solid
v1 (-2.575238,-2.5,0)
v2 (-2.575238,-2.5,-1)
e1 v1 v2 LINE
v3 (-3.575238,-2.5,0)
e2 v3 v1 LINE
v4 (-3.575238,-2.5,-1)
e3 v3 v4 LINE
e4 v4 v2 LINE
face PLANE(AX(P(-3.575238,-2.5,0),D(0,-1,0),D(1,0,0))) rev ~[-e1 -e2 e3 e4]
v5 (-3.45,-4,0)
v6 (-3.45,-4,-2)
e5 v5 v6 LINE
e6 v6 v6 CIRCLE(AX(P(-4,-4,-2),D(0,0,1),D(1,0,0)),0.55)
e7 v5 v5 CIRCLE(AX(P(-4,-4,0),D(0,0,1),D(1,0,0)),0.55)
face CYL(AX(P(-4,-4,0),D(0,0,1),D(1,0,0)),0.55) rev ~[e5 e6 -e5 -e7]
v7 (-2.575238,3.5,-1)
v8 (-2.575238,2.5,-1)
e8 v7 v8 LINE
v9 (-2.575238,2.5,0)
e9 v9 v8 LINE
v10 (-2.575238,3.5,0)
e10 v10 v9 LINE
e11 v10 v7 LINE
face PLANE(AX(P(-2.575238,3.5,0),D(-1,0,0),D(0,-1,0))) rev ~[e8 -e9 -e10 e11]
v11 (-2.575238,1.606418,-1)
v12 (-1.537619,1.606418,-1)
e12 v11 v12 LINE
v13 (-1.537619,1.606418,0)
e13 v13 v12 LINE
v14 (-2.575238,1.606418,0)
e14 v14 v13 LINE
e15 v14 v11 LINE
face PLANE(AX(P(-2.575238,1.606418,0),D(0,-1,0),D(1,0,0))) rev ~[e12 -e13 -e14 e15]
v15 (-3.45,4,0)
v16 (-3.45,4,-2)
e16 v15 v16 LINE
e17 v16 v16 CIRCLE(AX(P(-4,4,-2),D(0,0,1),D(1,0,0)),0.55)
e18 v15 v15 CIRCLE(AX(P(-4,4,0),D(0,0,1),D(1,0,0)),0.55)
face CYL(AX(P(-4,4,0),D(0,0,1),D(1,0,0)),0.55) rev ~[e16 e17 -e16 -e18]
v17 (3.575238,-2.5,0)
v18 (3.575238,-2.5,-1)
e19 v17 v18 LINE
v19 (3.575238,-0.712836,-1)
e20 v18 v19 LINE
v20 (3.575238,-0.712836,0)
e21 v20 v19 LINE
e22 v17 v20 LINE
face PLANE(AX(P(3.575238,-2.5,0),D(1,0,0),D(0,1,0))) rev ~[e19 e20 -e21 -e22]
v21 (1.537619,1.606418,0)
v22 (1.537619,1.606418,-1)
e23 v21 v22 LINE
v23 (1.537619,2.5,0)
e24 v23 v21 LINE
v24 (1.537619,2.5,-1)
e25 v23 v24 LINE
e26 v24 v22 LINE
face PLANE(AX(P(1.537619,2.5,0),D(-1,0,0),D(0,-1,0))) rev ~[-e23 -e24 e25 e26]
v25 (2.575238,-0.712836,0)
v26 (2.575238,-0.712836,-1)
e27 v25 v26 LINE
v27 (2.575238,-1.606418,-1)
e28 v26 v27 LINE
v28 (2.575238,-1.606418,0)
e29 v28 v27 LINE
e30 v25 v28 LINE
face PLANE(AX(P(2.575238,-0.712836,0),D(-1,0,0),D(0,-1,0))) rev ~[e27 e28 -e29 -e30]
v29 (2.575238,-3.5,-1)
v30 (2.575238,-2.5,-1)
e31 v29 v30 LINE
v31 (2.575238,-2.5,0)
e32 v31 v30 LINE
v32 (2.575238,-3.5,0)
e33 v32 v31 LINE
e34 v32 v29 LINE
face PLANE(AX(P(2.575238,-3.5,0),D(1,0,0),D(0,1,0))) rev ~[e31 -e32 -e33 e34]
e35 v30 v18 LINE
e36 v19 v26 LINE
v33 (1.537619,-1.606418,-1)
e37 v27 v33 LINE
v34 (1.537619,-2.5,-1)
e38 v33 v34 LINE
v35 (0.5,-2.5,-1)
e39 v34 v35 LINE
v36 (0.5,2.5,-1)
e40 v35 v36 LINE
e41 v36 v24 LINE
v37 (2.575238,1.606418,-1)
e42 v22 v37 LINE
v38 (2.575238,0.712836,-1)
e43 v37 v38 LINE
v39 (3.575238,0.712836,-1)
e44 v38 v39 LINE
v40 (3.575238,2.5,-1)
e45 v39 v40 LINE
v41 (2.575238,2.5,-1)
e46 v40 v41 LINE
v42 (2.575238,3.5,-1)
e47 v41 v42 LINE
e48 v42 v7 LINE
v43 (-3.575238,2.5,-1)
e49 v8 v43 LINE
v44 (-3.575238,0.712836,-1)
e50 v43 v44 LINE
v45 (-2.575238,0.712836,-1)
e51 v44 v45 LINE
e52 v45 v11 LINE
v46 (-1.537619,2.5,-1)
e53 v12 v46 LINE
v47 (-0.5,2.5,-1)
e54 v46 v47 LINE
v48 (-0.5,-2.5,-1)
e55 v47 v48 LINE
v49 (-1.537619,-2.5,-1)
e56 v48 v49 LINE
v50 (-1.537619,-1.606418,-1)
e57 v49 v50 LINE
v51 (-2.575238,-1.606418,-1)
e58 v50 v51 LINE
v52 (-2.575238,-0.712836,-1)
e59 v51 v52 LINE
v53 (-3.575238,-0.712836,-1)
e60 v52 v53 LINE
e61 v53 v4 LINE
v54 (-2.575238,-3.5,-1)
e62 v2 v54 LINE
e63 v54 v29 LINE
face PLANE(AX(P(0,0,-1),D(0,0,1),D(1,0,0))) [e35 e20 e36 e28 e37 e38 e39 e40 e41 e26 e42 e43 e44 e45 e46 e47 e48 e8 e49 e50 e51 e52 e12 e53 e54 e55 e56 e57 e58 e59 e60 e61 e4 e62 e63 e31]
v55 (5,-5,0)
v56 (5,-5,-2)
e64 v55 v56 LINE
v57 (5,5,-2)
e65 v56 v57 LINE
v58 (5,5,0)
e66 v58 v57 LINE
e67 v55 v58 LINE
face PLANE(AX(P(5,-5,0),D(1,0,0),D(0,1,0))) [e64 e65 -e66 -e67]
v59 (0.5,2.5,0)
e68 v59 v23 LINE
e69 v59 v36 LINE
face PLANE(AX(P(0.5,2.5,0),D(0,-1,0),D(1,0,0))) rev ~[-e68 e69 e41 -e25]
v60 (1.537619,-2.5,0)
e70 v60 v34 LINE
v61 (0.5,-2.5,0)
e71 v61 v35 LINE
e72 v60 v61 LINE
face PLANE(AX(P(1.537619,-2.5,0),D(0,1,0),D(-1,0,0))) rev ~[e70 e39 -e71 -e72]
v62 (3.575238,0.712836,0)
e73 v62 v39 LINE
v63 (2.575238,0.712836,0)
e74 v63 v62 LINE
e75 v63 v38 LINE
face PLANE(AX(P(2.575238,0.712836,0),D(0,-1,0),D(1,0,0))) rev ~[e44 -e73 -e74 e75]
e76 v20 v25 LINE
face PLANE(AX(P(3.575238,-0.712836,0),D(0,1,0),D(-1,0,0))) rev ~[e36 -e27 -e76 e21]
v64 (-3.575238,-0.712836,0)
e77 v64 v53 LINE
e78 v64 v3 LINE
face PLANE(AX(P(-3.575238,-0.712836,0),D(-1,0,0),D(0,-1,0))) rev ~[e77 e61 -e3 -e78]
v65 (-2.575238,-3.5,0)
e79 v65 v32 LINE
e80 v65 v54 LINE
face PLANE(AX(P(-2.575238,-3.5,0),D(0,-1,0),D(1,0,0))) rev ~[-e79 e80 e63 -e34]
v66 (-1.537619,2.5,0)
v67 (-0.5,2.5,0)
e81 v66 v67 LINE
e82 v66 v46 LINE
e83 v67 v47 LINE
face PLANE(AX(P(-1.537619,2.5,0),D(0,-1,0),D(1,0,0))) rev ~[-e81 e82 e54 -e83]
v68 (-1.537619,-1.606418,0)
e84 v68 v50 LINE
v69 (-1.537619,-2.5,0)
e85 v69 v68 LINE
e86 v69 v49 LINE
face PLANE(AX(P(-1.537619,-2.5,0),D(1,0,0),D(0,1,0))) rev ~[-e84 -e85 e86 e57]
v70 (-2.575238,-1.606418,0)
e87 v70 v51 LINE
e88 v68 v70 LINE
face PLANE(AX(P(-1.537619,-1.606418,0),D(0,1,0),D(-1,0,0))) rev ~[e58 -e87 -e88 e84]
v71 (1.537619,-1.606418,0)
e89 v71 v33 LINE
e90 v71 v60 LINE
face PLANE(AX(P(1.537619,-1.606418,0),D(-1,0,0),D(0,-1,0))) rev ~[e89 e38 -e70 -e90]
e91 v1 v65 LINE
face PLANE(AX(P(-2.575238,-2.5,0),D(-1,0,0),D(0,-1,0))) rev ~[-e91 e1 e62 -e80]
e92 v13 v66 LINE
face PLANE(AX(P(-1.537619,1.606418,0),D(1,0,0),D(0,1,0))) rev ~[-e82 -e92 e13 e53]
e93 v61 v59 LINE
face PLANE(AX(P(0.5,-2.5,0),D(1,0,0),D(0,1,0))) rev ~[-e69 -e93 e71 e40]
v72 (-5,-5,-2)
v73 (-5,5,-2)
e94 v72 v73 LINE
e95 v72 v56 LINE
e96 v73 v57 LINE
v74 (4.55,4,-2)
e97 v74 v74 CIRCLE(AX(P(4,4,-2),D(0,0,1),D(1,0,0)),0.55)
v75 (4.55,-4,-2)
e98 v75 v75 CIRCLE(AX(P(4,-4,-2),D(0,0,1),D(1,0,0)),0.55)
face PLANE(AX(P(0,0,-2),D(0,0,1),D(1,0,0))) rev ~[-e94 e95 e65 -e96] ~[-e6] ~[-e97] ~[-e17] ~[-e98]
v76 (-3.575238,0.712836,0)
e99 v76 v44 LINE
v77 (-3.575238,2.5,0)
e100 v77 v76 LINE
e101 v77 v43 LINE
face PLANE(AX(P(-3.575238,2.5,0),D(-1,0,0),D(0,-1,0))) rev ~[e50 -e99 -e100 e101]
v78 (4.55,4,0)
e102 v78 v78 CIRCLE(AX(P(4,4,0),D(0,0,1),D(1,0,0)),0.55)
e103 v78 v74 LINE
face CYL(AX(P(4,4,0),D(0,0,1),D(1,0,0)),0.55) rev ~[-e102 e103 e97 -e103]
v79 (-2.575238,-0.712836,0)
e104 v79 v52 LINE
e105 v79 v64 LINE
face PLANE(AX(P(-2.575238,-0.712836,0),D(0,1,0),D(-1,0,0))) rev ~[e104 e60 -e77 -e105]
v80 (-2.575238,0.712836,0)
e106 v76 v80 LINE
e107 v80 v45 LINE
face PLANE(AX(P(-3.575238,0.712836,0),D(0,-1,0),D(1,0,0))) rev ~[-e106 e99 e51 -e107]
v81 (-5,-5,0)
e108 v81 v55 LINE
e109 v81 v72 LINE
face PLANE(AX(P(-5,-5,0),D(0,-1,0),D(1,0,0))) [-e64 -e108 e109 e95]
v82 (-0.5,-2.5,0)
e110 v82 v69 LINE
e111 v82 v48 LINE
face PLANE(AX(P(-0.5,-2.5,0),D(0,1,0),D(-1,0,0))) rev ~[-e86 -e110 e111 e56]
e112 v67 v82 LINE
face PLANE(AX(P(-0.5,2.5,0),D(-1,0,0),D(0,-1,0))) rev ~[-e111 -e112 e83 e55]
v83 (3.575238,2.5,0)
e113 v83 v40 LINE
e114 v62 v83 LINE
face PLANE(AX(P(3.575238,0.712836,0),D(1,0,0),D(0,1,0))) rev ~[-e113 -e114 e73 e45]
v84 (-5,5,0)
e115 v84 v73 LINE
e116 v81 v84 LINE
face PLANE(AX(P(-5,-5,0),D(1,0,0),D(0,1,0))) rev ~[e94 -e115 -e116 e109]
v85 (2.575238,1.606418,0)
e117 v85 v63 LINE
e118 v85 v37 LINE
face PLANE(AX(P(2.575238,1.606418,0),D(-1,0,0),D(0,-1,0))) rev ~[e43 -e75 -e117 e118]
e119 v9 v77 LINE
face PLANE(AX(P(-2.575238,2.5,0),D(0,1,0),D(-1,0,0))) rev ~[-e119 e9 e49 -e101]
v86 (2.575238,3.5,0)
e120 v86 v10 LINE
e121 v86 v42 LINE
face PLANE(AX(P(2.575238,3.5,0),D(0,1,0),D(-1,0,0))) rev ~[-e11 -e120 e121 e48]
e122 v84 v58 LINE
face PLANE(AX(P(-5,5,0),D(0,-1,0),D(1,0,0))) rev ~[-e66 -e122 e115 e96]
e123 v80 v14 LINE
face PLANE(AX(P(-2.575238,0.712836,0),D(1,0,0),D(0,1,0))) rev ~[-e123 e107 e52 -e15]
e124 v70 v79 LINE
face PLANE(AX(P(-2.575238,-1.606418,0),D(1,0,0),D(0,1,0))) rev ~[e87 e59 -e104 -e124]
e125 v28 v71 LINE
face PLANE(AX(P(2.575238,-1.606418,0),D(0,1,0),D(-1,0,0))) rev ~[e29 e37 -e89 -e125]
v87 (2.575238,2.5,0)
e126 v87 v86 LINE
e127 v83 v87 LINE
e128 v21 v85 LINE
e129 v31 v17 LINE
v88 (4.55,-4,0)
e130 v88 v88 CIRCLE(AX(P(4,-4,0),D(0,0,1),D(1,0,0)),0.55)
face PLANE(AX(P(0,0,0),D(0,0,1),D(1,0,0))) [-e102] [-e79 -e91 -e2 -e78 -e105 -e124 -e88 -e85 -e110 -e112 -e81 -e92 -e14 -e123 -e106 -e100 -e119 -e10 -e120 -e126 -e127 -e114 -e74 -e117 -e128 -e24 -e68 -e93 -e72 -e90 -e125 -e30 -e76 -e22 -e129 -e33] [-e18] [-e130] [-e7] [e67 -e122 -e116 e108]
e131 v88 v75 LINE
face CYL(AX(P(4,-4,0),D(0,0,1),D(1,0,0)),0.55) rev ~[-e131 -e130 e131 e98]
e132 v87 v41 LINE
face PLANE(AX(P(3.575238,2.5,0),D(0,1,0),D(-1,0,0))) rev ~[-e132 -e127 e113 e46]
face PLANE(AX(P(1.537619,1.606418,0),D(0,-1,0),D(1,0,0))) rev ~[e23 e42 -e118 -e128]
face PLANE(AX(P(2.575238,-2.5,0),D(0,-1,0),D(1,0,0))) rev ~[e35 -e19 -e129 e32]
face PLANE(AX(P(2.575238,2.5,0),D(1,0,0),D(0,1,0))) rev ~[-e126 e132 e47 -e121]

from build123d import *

# Parameters (mm, degrees)
F0_W     = 10
F0_H     = 10
F0_R     = 0.55
F1_DEPTH = 2
F2_DEPTH = 1


with BuildPart() as f1:
    # F0 (on Top) → F1 (new body)
    with BuildSketch(Plane.XY):
        Rectangle(F0_W, F0_H)
        with Locations((-4, -4)):
            Circle(F0_R, mode=Mode.SUBTRACT)
        with Locations((4, -4)):
            Circle(F0_R, mode=Mode.SUBTRACT)
        with Locations((-4, 4)):
            Circle(F0_R, mode=Mode.SUBTRACT)
        Polygon((0.5, 2.5), (0.5, 0.5), (0.5, -0.5), (0.5, -2.5), (1.537619, -2.5), (1.537619, -1.606418), (2.575238, -1.606418), (2.575238, -0.712836), (3.575238, -0.712836), (3.575238, -2.5), (2.575238, -2.5), (2.575238, -3.5), (0.5, -3.5), (-0.5, -3.5), (-2.575238, -3.5), (-2.575238, -2.5), (-3.575238, -2.5), (-3.575238, -0.712836), (-2.575238, -0.712836), (-2.575238, -1.606418), (-1.537619, -1.606418), (-1.537619, -2.5), (-0.5, -2.5), (-0.5, -0.5), (-0.5, 0.5), (-0.5, 2.5), (-1.537619, 2.5), (-1.537619, 1.606418), (-2.575238, 1.606418), (-2.575238, 0.712836), (-3.575238, 0.712836), (-3.575238, 2.5), (-2.575238, 2.5), (-2.575238, 3.5), (-0.5, 3.5), (0.5, 3.5), (2.575238, 3.5), (2.575238, 2.5), (3.575238, 2.5), (3.575238, 0.712836), (2.575238, 0.712836), (2.575238, 1.606418), (1.537619, 1.606418), (1.537619, 2.5), align=None, mode=Mode.SUBTRACT)
        with Locations((4, 4)):
            Circle(F0_R, mode=Mode.SUBTRACT)
        Polygon((0.5, -0.5), (0.5, 0.5), (0.5, 2.5), (1.537619, 2.5), (1.537619, 1.606418), (2.575238, 1.606418), (2.575238, 0.712836), (3.575238, 0.712836), (3.575238, 2.5), (2.575238, 2.5), (2.575238, 3.5), (0.5, 3.5), (-0.5, 3.5), (-2.575238, 3.5), (-2.575238, 2.5), (-3.575238, 2.5), (-3.575238, 0.712836), (-2.575238, 0.712836), (-2.575238, 1.606418), (-1.537619, 1.606418), (-1.537619, 2.5), (-0.5, 2.5), (-0.5, 0.5), (-0.5, -0.5), (-0.5, -2.5), (-1.537619, -2.5), (-1.537619, -1.606418), (-2.575238, -1.606418), (-2.575238, -0.712836), (-3.575238, -0.712836), (-3.575238, -2.5), (-2.575238, -2.5), (-2.575238, -3.5), (-0.5, -3.5), (0.5, -3.5), (2.575238, -3.5), (2.575238, -2.5), (3.575238, -2.5), (3.575238, -0.712836), (2.575238, -0.712836), (2.575238, -1.606418), (1.537619, -1.606418), (1.537619, -2.5), (0.5, -2.5), align=None)
    extrude(amount=-F1_DEPTH)

    # F0 (on Top) → F2 (cut)
    with BuildSketch(Plane.XY):
        Polygon((0.5, -0.5), (0.5, 0.5), (0.5, 2.5), (1.537619, 2.5), (1.537619, 1.606418), (2.575238, 1.606418), (2.575238, 0.712836), (3.575238, 0.712836), (3.575238, 2.5), (2.575238, 2.5), (2.575238, 3.5), (0.5, 3.5), (-0.5, 3.5), (-2.575238, 3.5), (-2.575238, 2.5), (-3.575238, 2.5), (-3.575238, 0.712836), (-2.575238, 0.712836), (-2.575238, 1.606418), (-1.537619, 1.606418), (-1.537619, 2.5), (-0.5, 2.5), (-0.5, 0.5), (-0.5, -0.5), (-0.5, -2.5), (-1.537619, -2.5), (-1.537619, -1.606418), (-2.575238, -1.606418), (-2.575238, -0.712836), (-3.575238, -0.712836), (-3.575238, -2.5), (-2.575238, -2.5), (-2.575238, -3.5), (-0.5, -3.5), (0.5, -3.5), (2.575238, -3.5), (2.575238, -2.5), (3.575238, -2.5), (3.575238, -0.712836), (2.575238, -0.712836), (2.575238, -1.606418), (1.537619, -1.606418), (1.537619, -2.5), (0.5, -2.5), align=None)
    extrude(amount=-F2_DEPTH, mode=Mode.SUBTRACT)


solid = f1.part
